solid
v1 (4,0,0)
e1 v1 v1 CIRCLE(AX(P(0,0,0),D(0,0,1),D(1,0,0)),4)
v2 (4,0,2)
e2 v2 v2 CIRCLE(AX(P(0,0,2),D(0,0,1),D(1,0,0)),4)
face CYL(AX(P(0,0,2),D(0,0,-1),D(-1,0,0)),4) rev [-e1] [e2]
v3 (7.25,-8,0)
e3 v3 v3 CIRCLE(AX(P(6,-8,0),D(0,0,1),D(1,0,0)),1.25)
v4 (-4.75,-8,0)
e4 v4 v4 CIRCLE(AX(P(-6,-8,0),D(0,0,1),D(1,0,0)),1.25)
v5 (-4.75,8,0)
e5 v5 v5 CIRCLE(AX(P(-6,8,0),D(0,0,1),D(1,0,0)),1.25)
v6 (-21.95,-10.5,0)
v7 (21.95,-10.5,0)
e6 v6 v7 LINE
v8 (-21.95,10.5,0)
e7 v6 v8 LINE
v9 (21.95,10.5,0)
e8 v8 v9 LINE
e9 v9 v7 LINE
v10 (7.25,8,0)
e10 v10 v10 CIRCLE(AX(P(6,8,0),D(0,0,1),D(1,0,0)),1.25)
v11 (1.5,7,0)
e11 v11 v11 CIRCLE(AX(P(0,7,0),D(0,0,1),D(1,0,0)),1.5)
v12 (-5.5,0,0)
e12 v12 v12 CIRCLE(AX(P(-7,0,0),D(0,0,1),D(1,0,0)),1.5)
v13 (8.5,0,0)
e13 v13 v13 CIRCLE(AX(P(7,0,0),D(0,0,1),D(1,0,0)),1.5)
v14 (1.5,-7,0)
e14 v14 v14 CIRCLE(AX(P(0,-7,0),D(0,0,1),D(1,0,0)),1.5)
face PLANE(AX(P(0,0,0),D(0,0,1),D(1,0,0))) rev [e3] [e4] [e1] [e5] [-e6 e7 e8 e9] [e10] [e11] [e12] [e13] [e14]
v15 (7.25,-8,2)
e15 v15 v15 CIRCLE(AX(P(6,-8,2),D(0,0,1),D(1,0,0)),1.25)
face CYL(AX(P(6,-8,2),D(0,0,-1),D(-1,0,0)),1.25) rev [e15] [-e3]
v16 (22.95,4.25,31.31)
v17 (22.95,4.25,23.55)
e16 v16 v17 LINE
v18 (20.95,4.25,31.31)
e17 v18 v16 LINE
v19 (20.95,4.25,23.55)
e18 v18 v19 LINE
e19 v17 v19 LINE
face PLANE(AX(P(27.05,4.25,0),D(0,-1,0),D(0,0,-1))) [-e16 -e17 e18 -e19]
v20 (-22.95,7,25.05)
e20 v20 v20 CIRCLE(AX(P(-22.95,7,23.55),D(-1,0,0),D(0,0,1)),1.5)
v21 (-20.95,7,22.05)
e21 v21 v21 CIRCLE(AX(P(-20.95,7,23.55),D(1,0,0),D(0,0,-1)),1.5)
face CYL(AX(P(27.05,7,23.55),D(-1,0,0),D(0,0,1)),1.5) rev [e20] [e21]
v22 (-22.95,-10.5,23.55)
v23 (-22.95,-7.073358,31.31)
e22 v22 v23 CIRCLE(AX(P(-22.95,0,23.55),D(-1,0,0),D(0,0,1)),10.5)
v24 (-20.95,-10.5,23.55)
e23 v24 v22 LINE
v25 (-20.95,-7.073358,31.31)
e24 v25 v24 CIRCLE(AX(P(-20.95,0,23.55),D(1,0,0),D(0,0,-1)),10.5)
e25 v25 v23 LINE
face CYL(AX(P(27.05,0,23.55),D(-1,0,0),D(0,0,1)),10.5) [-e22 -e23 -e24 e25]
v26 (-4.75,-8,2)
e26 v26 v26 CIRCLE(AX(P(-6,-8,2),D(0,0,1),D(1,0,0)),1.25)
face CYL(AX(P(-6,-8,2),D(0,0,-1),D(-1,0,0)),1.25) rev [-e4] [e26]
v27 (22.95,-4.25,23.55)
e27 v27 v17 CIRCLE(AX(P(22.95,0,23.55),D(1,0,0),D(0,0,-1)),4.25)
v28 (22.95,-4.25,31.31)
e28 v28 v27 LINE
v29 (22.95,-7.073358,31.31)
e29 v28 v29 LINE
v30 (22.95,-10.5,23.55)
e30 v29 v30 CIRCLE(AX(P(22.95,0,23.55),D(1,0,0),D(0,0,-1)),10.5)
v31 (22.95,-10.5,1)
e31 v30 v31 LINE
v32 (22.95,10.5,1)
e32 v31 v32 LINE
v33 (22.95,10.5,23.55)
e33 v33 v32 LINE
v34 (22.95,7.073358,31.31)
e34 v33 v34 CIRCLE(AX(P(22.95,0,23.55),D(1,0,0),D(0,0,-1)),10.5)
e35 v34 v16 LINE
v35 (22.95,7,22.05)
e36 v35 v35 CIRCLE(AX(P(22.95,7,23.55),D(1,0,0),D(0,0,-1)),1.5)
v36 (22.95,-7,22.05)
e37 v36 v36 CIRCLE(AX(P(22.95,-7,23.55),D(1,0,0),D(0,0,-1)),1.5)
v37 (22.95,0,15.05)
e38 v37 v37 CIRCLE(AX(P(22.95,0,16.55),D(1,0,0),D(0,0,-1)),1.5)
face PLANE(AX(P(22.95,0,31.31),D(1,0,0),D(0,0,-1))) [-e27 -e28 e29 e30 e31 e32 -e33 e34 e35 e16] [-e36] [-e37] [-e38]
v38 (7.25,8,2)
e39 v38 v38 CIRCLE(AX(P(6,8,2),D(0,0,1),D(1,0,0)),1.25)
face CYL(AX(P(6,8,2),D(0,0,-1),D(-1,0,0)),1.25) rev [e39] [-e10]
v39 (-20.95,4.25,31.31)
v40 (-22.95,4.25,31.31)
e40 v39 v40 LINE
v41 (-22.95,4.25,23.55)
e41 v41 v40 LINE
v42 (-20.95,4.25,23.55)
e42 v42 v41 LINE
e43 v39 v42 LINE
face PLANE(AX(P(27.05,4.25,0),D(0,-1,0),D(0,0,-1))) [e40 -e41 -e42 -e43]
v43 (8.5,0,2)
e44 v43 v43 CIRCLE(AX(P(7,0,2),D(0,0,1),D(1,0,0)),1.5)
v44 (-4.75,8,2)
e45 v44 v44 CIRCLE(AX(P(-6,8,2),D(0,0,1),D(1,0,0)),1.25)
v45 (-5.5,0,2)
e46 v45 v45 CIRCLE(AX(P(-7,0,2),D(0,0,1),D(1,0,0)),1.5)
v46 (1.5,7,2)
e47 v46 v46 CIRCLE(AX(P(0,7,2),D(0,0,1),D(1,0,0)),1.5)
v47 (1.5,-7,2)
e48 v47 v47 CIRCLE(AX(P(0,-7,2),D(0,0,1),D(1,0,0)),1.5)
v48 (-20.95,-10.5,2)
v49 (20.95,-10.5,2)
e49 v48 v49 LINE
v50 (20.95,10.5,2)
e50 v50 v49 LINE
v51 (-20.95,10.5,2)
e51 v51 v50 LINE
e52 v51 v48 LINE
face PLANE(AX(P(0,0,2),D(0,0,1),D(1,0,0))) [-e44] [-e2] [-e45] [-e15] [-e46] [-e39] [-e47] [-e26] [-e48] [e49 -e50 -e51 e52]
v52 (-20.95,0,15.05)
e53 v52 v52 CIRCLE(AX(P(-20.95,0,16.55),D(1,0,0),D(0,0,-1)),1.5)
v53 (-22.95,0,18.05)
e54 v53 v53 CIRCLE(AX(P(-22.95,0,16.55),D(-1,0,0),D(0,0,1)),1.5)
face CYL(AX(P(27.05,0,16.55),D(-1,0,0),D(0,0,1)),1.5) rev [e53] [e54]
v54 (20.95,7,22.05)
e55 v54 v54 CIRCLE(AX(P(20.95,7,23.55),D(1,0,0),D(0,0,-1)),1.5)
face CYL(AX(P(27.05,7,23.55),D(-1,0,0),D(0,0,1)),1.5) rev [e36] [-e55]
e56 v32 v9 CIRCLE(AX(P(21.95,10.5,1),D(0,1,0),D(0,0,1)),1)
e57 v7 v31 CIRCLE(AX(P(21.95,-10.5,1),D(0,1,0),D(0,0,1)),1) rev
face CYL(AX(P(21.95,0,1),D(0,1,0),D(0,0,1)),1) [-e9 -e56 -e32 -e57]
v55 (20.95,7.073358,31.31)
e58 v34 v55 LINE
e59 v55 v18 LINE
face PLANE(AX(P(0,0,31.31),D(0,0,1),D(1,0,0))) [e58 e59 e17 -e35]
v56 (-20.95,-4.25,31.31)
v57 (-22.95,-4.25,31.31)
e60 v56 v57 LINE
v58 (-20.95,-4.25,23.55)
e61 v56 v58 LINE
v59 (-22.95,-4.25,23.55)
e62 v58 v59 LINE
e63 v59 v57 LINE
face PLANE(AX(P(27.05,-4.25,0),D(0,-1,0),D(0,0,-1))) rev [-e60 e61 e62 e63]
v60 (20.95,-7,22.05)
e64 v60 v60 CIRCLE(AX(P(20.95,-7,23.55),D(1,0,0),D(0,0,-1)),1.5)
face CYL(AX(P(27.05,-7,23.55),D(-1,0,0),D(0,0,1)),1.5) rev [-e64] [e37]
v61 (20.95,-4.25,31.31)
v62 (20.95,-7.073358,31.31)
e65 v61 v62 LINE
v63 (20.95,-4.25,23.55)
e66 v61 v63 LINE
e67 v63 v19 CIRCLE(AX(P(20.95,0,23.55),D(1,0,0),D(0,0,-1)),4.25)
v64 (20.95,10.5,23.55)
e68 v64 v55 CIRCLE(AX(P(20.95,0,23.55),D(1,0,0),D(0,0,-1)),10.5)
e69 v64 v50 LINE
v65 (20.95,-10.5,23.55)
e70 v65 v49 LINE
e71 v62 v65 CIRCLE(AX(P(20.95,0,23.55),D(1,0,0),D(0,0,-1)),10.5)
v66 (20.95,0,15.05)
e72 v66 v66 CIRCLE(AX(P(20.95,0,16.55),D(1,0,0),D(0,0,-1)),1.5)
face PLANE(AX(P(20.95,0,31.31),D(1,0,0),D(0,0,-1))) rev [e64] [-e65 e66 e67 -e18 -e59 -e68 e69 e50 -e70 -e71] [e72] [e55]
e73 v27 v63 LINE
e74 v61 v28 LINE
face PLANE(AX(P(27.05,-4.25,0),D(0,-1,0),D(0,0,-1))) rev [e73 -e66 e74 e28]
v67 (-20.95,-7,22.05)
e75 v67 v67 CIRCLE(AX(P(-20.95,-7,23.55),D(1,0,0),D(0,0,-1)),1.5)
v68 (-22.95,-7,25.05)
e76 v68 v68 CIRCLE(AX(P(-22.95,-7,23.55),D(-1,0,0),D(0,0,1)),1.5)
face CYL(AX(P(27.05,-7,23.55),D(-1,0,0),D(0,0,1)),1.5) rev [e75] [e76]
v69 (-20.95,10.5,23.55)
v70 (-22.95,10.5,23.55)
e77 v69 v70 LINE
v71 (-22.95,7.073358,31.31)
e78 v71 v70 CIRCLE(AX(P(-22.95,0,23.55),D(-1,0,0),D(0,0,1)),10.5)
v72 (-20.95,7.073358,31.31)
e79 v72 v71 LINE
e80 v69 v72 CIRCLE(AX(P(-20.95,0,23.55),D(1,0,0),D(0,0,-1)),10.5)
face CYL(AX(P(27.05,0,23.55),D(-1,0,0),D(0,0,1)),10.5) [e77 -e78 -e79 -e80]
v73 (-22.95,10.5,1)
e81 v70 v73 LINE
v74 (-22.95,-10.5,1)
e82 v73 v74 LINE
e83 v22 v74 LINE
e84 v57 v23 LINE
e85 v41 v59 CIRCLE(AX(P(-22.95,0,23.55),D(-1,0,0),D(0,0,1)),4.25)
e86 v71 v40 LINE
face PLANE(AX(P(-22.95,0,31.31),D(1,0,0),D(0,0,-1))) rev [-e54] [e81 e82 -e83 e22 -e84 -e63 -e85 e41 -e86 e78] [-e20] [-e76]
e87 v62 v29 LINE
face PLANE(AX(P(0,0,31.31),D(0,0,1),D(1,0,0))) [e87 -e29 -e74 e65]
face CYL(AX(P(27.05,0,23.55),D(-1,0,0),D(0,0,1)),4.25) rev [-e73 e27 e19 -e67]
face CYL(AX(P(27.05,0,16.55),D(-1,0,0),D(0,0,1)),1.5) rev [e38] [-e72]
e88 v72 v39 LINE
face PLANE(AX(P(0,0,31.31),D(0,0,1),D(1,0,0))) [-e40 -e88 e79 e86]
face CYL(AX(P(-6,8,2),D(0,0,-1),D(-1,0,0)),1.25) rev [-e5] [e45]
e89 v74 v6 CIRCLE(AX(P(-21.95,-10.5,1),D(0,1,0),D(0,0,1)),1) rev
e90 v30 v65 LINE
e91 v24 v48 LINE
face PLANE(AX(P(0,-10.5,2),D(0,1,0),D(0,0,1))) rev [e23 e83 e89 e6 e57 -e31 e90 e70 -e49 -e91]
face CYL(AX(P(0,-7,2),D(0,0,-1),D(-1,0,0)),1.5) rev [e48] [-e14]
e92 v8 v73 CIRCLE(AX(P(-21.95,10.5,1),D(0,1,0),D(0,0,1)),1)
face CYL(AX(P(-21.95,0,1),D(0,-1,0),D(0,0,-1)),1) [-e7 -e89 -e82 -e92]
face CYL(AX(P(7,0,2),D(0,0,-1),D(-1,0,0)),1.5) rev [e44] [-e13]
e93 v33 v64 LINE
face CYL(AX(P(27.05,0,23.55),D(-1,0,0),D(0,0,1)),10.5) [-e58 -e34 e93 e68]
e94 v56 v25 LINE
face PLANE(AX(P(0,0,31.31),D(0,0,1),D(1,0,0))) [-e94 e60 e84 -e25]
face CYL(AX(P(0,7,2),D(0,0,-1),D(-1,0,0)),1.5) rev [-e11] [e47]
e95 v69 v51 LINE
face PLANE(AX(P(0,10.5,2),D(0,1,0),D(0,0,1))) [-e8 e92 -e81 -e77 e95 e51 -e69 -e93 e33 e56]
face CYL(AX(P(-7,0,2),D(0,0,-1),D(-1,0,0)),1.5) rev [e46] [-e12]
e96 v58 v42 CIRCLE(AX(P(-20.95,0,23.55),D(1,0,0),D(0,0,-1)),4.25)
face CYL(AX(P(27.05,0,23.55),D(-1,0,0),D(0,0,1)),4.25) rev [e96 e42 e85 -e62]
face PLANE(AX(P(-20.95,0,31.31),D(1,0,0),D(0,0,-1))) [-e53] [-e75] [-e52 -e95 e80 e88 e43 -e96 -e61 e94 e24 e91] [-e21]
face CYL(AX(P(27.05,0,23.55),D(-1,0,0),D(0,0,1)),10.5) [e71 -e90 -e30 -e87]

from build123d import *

# Parameters (mm, degrees)
SKETCH1_W           = 41.9
SKETCH1_H           = 21
SKETCH1_R           = 1.25
SKETCH1_R_2         = 1.5
SKETCH1_R_3         = 4
BOSS_EXTRUDE1_DEPTH = 2
SKETCH1_3_W         = 2
SKETCH1_3_H         = 21
BOSS_EXTRUDE2_DEPTH = 31.31
SKETCH2_R           = 1.5
CUT_EXTRUDE1_DEPTH  = 50
FILLET1_R           = 1


with BuildPart() as part:
    # Sketch1 → Boss-Extrude1 (new body)
    with BuildSketch(Plane.XY):
        Rectangle(SKETCH1_W, SKETCH1_H)
        with Locations((-6, 8)):
            Circle(SKETCH1_R, mode=Mode.SUBTRACT)
        with Locations((-7, 0)):
            Circle(SKETCH1_R_2, mode=Mode.SUBTRACT)
        with Locations((-6, -8)):
            Circle(SKETCH1_R, mode=Mode.SUBTRACT)
        with Locations((0, -7)):
            Circle(SKETCH1_R_2, mode=Mode.SUBTRACT)
        with Locations((6, -8)):
            Circle(SKETCH1_R, mode=Mode.SUBTRACT)
        with Locations((7, 0)):
            Circle(SKETCH1_R_2, mode=Mode.SUBTRACT)
        with Locations((6, 8)):
            Circle(SKETCH1_R, mode=Mode.SUBTRACT)
        with Locations((0, 7)):
            Circle(SKETCH1_R_2, mode=Mode.SUBTRACT)
        Circle(SKETCH1_R_3, mode=Mode.SUBTRACT)
    extrude(amount=BOSS_EXTRUDE1_DEPTH)

    # Sketch1_3 → Boss-Extrude2 (add)
    with BuildSketch(Plane.XY):
        with Locations((-21.95, 0)):
            Rectangle(SKETCH1_3_W, SKETCH1_3_H)
        with Locations((21.95, 0)):
            Rectangle(SKETCH1_3_W, SKETCH1_3_H)
    extrude(amount=BOSS_EXTRUDE2_DEPTH)

    # Sketch2 → Cut-Extrude1 (cut)
    with BuildSketch(Plane.ZY.offset(22.95)):
        with Locations((16.55, 0)):
            Circle(SKETCH2_R)
        with BuildLine():
            Line((31.31, 10.5), (23.55, 10.5))
            ThreePointArc((23.55, 10.5), (27.791446457, 9.60521379), (31.31, 7.073358467))
            Line((31.31, 7.073358467), (31.31, 10.5))
        make_face()
        with BuildLine():
            ThreePointArc((31.31, -7.073358467), (27.791446457, -9.60521379), (23.55, -10.5))
            Line((23.55, -10.5), (31.31, -10.5))
            Line((31.31, -10.5), (31.31, -7.073358467))
        make_face()
        with Locations((23.55, 7)):
            Circle(SKETCH2_R)
        with Locations((23.55, -7)):
            Circle(SKETCH2_R)
        with BuildLine():
            Line((31.31, -4.25), (31.31, 4.25))
            Line((31.31, 4.25), (23.55, 4.25))
            ThreePointArc((23.55, 4.25), (19.3, 0), (23.55, -4.25))
            Line((23.55, -4.25), (31.31, -4.25))
        make_face()
    extrude(amount=-CUT_EXTRUDE1_DEPTH, mode=Mode.SUBTRACT)

    # Fillet1
    fillet1_edges = [part.edges().sort_by_distance(p)[0] for p in [
        (22.95, 0, 0),
        (-22.95, 0, 0),
    ]]
    fillet(fillet1_edges, radius=FILLET1_R)


solid = part.part
